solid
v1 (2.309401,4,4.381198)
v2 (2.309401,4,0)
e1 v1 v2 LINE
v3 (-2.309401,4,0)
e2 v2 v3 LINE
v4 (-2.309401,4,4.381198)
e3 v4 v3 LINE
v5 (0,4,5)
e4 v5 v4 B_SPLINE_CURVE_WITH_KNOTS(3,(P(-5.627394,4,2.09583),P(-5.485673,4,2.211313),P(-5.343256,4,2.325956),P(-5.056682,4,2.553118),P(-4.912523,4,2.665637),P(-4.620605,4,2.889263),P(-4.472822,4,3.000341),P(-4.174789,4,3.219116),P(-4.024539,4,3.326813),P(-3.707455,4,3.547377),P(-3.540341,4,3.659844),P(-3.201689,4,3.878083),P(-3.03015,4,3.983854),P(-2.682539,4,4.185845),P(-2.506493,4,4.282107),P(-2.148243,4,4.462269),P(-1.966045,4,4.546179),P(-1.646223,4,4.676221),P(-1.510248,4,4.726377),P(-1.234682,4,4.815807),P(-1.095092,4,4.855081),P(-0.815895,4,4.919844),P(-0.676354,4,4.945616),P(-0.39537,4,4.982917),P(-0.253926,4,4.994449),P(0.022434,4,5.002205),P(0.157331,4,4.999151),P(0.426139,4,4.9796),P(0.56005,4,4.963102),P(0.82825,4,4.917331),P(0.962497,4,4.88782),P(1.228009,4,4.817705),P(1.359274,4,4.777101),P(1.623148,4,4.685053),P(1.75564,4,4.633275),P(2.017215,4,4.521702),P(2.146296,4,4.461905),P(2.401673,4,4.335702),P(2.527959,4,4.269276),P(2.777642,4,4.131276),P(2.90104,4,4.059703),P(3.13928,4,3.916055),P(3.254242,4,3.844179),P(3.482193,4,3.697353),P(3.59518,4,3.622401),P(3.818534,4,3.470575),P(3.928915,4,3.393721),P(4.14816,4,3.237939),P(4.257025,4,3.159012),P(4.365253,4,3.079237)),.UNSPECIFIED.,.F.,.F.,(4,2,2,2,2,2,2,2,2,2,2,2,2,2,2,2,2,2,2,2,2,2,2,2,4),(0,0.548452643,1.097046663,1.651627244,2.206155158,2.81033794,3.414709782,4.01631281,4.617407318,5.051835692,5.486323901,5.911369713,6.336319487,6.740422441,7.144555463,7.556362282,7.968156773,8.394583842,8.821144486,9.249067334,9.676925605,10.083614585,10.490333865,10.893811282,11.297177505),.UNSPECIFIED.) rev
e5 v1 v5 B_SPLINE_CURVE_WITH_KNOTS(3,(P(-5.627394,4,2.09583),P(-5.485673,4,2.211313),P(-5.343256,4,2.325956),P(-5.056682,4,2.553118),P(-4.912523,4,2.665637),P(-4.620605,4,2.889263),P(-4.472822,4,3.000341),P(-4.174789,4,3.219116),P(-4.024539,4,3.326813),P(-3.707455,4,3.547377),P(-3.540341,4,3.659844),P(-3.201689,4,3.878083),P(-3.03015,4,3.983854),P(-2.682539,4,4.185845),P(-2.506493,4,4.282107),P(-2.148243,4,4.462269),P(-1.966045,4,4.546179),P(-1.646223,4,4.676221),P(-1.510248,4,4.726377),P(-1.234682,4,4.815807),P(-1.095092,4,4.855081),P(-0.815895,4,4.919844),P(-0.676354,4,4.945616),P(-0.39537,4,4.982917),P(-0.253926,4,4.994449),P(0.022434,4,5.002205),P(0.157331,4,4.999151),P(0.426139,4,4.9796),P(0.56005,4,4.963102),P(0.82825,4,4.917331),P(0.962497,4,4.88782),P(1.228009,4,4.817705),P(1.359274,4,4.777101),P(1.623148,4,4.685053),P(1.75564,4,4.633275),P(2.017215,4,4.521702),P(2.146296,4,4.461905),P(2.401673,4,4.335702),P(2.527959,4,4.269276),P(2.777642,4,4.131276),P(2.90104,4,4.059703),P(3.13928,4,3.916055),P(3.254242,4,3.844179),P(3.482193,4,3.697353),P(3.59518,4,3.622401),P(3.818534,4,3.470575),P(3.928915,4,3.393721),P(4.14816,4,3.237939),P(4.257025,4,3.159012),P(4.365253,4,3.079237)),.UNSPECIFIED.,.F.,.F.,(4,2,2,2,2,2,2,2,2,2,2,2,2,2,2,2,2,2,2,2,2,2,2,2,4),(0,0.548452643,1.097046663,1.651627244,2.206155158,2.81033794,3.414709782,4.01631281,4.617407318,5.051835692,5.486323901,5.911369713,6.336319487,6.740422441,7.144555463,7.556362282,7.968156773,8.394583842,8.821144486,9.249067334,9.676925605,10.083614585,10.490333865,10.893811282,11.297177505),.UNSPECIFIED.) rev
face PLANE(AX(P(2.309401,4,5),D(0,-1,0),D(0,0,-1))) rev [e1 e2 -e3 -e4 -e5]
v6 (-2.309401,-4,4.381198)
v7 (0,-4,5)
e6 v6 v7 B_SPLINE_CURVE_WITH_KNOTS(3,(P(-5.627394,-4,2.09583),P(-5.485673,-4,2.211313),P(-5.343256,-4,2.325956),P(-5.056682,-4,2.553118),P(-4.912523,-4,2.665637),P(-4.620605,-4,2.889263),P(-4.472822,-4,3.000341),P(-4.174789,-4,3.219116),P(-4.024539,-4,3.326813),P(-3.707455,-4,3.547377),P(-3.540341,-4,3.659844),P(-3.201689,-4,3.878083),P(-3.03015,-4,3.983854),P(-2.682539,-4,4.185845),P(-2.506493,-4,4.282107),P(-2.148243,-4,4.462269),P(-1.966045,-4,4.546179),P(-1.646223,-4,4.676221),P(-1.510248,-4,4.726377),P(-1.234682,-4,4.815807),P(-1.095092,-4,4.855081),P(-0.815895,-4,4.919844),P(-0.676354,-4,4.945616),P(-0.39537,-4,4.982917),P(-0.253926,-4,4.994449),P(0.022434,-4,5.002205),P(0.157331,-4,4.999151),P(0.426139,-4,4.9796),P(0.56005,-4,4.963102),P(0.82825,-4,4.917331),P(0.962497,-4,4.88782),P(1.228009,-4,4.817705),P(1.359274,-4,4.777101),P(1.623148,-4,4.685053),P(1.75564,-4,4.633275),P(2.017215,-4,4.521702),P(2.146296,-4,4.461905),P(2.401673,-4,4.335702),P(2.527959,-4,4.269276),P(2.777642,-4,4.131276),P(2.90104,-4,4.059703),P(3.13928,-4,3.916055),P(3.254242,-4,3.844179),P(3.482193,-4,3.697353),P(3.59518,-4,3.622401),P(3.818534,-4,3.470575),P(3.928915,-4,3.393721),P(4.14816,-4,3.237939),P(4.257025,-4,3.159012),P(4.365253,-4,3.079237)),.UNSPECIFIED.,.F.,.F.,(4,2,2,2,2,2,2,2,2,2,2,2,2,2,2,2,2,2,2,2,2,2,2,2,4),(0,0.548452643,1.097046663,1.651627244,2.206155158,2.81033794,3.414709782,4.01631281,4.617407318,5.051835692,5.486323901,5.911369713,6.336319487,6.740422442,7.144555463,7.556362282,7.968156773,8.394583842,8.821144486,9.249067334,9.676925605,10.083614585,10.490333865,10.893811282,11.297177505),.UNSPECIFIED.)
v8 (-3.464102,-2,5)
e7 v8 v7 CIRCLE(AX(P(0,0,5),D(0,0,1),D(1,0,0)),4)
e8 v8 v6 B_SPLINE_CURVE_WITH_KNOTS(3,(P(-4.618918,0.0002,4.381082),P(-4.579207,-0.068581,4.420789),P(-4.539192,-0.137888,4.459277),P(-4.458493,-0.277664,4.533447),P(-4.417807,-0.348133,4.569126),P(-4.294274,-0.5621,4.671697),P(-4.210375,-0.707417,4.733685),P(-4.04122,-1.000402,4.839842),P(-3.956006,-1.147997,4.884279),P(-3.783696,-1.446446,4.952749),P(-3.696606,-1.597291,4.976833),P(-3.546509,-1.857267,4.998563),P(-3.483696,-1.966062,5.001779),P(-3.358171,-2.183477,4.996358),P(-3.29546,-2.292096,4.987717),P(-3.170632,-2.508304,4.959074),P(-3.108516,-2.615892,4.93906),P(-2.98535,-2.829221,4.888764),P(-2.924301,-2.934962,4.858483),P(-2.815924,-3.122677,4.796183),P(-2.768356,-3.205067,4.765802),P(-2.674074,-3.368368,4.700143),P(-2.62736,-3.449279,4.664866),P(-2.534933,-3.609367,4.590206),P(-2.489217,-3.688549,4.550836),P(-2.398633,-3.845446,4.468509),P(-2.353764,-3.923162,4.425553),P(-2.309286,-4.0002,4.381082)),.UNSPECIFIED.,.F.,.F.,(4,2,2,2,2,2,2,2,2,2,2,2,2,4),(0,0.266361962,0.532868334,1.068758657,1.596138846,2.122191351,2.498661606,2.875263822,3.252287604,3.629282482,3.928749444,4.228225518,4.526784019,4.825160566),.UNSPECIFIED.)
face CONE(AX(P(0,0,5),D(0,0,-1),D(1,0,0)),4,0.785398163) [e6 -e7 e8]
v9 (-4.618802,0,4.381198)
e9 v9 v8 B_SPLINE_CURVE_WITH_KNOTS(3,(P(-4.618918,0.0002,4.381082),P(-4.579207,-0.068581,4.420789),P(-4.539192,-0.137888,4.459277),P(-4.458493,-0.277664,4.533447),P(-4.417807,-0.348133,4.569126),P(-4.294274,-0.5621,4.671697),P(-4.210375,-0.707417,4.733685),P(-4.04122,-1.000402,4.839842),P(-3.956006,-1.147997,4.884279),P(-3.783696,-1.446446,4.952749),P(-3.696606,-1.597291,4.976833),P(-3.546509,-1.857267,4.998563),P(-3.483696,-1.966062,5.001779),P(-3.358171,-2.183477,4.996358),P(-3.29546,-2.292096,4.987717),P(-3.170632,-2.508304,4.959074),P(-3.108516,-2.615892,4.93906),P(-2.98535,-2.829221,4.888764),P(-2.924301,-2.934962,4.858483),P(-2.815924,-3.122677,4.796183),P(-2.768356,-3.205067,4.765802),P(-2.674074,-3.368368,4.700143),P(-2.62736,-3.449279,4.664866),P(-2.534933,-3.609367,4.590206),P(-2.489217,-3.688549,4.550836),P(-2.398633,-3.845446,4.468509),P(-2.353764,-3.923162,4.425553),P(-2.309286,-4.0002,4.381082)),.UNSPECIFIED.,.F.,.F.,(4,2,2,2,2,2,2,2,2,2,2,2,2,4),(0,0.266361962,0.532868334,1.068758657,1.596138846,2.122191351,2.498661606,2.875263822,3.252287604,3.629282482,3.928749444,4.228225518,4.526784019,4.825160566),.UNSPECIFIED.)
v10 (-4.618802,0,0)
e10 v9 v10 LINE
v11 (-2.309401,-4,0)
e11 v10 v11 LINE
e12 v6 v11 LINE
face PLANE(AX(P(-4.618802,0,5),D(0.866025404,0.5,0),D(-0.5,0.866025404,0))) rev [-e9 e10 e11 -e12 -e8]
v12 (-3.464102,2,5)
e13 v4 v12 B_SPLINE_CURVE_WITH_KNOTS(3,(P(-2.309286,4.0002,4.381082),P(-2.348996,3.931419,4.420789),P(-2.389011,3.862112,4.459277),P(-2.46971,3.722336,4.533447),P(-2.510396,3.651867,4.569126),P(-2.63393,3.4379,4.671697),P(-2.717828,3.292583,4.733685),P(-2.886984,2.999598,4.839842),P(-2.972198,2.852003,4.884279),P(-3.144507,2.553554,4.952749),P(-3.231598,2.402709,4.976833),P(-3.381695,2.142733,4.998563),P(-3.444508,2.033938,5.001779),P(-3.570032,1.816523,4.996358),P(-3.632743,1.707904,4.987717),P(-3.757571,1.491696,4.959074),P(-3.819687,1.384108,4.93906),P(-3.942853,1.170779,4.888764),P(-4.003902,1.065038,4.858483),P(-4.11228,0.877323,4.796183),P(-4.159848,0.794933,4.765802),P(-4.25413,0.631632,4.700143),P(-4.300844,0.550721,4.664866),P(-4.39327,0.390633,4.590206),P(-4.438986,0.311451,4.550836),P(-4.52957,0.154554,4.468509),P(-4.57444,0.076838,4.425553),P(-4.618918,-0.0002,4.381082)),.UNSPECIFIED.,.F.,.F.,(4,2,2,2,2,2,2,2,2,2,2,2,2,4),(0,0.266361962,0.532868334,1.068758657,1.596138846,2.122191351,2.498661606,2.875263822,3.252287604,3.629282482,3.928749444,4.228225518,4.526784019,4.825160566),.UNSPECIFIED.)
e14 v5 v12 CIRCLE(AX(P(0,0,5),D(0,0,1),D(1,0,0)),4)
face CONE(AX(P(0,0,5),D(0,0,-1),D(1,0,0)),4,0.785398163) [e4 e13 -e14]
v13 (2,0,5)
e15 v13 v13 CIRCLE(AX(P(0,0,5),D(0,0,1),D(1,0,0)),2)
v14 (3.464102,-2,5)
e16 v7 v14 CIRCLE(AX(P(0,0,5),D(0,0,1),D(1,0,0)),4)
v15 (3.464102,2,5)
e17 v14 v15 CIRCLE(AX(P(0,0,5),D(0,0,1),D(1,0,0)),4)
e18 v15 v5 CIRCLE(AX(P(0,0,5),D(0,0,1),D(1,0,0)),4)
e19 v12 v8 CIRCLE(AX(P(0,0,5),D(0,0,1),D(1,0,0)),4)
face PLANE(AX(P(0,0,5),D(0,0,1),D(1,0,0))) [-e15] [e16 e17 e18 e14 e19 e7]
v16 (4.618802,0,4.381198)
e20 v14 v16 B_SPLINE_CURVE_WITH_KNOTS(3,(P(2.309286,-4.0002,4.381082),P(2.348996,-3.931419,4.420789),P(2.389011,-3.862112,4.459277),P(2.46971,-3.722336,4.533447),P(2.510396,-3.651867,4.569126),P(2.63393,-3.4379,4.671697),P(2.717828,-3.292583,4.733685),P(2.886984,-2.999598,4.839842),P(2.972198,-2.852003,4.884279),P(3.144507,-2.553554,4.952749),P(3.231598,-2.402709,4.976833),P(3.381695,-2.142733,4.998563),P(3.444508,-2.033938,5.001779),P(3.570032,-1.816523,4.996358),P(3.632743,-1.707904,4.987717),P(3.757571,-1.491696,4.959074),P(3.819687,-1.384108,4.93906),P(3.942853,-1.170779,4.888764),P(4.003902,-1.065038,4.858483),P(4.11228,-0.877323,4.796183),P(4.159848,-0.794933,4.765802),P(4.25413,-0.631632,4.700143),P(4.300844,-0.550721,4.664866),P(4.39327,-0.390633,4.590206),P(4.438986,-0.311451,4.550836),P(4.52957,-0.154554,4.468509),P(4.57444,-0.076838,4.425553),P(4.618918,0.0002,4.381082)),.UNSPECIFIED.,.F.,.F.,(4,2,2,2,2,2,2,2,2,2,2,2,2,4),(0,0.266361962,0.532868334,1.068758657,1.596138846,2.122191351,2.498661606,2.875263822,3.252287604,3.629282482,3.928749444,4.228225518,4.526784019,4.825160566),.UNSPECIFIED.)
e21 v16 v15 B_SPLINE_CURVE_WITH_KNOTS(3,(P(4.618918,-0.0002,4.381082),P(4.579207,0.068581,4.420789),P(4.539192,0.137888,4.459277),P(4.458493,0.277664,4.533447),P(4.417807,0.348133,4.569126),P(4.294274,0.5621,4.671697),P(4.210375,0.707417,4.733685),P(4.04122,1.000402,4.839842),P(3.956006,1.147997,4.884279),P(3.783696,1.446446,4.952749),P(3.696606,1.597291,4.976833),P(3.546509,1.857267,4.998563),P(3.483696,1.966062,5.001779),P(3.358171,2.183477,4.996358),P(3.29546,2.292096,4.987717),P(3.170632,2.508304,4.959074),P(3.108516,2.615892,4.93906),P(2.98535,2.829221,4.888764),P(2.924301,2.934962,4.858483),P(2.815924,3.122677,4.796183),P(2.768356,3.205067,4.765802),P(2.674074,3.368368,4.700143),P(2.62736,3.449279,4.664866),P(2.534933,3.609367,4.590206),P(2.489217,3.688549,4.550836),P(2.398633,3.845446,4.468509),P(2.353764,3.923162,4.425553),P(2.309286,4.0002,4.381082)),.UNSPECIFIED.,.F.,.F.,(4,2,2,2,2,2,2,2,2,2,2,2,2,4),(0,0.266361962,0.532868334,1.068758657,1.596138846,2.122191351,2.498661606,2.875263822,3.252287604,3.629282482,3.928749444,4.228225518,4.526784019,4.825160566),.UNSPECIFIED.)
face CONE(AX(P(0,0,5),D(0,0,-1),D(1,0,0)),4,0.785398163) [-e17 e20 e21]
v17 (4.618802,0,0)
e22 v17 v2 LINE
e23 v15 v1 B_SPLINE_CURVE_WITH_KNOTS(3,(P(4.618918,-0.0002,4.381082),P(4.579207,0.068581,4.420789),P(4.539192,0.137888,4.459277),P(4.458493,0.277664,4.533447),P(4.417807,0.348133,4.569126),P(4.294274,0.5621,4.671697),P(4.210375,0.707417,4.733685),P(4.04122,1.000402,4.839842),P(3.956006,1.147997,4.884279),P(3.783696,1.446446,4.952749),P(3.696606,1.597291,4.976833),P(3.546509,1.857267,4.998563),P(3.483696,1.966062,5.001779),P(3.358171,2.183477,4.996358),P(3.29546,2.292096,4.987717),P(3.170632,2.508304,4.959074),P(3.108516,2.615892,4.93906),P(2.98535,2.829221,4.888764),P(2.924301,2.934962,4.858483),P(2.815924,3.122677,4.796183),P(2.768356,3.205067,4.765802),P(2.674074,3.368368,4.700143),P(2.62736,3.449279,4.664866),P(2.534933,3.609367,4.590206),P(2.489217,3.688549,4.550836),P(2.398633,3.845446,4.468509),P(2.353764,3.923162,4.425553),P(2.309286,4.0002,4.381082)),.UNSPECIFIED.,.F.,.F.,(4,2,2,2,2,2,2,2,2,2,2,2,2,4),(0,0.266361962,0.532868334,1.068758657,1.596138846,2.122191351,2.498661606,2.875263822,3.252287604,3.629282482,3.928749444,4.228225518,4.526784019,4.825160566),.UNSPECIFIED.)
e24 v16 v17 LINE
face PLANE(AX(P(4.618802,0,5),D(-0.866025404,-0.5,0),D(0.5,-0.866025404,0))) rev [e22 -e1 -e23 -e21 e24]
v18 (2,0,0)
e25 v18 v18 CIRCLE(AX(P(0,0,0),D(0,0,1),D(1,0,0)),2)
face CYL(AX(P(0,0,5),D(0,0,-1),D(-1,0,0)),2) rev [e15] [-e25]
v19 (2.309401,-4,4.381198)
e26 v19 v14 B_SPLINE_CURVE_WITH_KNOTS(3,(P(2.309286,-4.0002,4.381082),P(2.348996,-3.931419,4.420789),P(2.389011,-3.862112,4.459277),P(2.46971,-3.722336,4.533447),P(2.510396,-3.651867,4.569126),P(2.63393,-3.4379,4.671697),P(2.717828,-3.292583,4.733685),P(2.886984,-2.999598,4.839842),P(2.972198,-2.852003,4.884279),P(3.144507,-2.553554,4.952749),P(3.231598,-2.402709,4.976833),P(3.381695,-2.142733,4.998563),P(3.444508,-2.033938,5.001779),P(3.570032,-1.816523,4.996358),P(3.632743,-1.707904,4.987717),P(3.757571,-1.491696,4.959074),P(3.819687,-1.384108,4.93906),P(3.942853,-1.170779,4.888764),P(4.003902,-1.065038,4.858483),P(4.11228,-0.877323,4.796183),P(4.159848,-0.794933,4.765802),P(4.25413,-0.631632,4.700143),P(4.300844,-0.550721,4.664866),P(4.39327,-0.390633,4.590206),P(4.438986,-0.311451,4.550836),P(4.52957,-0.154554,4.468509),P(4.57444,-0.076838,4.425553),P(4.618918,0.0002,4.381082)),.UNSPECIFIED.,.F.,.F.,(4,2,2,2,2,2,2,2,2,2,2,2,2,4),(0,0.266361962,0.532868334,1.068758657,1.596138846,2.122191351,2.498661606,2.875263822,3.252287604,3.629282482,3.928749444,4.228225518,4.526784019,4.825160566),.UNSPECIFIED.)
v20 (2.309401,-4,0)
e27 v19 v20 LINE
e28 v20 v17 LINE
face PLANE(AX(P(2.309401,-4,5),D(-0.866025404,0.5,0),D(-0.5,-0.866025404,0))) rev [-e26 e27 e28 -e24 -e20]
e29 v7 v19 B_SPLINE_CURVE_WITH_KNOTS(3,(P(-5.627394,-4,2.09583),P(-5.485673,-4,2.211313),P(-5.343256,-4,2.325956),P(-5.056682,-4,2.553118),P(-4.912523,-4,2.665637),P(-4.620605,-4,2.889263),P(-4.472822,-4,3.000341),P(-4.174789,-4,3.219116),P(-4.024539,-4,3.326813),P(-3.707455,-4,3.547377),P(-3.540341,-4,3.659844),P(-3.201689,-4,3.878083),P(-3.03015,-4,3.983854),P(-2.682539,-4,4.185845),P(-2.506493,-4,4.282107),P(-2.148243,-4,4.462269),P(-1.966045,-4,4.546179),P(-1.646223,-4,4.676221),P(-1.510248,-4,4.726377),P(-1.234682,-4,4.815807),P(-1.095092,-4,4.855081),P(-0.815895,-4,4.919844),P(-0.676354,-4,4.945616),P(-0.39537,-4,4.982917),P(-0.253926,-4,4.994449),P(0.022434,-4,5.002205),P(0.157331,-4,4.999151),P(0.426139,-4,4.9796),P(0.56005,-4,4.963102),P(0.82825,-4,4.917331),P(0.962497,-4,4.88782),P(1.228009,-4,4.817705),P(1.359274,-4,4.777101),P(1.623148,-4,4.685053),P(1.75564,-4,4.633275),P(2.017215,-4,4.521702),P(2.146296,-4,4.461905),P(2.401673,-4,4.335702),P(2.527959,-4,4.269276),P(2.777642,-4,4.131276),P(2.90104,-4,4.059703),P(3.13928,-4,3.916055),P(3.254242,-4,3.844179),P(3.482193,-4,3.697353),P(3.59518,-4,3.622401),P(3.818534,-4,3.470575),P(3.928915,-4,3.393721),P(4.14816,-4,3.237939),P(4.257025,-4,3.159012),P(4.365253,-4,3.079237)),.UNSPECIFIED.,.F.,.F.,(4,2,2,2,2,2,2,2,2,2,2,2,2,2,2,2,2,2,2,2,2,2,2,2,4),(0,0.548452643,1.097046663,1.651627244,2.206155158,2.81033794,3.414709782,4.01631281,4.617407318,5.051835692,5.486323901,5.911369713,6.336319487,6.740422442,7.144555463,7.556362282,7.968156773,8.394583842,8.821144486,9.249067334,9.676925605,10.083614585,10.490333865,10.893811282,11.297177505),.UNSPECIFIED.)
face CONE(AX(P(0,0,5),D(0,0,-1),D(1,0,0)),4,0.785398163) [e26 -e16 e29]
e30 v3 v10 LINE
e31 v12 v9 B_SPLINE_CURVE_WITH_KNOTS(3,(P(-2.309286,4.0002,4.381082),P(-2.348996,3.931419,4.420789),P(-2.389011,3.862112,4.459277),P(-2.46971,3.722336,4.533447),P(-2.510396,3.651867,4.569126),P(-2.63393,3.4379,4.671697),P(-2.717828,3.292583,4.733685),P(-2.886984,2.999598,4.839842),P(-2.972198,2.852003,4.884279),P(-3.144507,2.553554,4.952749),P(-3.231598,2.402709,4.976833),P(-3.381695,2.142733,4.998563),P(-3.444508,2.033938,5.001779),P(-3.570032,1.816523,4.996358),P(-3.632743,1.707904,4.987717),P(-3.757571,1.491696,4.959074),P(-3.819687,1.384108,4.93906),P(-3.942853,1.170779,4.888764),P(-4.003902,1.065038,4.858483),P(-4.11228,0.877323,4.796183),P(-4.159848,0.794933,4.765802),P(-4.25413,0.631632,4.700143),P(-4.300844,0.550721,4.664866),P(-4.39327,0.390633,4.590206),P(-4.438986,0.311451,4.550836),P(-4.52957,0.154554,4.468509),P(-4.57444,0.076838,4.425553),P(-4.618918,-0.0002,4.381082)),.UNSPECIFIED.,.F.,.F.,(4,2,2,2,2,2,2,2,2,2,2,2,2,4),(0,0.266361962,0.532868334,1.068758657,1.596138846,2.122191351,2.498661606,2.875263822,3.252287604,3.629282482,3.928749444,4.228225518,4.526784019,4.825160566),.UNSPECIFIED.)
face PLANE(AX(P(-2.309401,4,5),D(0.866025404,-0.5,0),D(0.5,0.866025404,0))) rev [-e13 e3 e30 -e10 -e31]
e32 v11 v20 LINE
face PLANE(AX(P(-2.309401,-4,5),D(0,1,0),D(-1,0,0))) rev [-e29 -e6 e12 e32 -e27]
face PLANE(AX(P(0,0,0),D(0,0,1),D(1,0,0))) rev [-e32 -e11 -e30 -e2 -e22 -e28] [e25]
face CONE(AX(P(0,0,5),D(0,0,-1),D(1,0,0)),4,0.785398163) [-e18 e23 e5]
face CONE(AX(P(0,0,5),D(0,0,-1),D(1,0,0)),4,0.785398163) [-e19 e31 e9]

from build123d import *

# Parameters (mm, degrees)
ESBO_O1_R                = 2
RESSALTO_EXTRUS_O1_DEPTH = 5
ESBO_O2_R                = 7.750187391
ESBO_O2_R_2              = 4
CORTE_EXTRUS_O1_DEPTH    = 1
CORTE_EXTRUS_O1_TAPER    = 45


with BuildPart() as part:
    # Esboço1 → Ressalto-extrusão1 (new body)
    with BuildSketch(Plane.XY):
        Polygon((2.309401077, -4), (4.618802154, 0), (2.309401077, 4), (-2.309401077, 4), (-4.618802154, 0), (-2.309401077, -4), align=None)
        Circle(ESBO_O1_R, mode=Mode.SUBTRACT)
    extrude(amount=RESSALTO_EXTRUS_O1_DEPTH)

    # Esboço2 → Corte-extrusão1 (cut)
    with BuildSketch(Plane.XY.offset(5)):
        Circle(ESBO_O2_R)
        Circle(ESBO_O2_R_2, mode=Mode.SUBTRACT)
    extrude(amount=-CORTE_EXTRUS_O1_DEPTH, taper=CORTE_EXTRUS_O1_TAPER, mode=Mode.SUBTRACT)


solid = part.part
